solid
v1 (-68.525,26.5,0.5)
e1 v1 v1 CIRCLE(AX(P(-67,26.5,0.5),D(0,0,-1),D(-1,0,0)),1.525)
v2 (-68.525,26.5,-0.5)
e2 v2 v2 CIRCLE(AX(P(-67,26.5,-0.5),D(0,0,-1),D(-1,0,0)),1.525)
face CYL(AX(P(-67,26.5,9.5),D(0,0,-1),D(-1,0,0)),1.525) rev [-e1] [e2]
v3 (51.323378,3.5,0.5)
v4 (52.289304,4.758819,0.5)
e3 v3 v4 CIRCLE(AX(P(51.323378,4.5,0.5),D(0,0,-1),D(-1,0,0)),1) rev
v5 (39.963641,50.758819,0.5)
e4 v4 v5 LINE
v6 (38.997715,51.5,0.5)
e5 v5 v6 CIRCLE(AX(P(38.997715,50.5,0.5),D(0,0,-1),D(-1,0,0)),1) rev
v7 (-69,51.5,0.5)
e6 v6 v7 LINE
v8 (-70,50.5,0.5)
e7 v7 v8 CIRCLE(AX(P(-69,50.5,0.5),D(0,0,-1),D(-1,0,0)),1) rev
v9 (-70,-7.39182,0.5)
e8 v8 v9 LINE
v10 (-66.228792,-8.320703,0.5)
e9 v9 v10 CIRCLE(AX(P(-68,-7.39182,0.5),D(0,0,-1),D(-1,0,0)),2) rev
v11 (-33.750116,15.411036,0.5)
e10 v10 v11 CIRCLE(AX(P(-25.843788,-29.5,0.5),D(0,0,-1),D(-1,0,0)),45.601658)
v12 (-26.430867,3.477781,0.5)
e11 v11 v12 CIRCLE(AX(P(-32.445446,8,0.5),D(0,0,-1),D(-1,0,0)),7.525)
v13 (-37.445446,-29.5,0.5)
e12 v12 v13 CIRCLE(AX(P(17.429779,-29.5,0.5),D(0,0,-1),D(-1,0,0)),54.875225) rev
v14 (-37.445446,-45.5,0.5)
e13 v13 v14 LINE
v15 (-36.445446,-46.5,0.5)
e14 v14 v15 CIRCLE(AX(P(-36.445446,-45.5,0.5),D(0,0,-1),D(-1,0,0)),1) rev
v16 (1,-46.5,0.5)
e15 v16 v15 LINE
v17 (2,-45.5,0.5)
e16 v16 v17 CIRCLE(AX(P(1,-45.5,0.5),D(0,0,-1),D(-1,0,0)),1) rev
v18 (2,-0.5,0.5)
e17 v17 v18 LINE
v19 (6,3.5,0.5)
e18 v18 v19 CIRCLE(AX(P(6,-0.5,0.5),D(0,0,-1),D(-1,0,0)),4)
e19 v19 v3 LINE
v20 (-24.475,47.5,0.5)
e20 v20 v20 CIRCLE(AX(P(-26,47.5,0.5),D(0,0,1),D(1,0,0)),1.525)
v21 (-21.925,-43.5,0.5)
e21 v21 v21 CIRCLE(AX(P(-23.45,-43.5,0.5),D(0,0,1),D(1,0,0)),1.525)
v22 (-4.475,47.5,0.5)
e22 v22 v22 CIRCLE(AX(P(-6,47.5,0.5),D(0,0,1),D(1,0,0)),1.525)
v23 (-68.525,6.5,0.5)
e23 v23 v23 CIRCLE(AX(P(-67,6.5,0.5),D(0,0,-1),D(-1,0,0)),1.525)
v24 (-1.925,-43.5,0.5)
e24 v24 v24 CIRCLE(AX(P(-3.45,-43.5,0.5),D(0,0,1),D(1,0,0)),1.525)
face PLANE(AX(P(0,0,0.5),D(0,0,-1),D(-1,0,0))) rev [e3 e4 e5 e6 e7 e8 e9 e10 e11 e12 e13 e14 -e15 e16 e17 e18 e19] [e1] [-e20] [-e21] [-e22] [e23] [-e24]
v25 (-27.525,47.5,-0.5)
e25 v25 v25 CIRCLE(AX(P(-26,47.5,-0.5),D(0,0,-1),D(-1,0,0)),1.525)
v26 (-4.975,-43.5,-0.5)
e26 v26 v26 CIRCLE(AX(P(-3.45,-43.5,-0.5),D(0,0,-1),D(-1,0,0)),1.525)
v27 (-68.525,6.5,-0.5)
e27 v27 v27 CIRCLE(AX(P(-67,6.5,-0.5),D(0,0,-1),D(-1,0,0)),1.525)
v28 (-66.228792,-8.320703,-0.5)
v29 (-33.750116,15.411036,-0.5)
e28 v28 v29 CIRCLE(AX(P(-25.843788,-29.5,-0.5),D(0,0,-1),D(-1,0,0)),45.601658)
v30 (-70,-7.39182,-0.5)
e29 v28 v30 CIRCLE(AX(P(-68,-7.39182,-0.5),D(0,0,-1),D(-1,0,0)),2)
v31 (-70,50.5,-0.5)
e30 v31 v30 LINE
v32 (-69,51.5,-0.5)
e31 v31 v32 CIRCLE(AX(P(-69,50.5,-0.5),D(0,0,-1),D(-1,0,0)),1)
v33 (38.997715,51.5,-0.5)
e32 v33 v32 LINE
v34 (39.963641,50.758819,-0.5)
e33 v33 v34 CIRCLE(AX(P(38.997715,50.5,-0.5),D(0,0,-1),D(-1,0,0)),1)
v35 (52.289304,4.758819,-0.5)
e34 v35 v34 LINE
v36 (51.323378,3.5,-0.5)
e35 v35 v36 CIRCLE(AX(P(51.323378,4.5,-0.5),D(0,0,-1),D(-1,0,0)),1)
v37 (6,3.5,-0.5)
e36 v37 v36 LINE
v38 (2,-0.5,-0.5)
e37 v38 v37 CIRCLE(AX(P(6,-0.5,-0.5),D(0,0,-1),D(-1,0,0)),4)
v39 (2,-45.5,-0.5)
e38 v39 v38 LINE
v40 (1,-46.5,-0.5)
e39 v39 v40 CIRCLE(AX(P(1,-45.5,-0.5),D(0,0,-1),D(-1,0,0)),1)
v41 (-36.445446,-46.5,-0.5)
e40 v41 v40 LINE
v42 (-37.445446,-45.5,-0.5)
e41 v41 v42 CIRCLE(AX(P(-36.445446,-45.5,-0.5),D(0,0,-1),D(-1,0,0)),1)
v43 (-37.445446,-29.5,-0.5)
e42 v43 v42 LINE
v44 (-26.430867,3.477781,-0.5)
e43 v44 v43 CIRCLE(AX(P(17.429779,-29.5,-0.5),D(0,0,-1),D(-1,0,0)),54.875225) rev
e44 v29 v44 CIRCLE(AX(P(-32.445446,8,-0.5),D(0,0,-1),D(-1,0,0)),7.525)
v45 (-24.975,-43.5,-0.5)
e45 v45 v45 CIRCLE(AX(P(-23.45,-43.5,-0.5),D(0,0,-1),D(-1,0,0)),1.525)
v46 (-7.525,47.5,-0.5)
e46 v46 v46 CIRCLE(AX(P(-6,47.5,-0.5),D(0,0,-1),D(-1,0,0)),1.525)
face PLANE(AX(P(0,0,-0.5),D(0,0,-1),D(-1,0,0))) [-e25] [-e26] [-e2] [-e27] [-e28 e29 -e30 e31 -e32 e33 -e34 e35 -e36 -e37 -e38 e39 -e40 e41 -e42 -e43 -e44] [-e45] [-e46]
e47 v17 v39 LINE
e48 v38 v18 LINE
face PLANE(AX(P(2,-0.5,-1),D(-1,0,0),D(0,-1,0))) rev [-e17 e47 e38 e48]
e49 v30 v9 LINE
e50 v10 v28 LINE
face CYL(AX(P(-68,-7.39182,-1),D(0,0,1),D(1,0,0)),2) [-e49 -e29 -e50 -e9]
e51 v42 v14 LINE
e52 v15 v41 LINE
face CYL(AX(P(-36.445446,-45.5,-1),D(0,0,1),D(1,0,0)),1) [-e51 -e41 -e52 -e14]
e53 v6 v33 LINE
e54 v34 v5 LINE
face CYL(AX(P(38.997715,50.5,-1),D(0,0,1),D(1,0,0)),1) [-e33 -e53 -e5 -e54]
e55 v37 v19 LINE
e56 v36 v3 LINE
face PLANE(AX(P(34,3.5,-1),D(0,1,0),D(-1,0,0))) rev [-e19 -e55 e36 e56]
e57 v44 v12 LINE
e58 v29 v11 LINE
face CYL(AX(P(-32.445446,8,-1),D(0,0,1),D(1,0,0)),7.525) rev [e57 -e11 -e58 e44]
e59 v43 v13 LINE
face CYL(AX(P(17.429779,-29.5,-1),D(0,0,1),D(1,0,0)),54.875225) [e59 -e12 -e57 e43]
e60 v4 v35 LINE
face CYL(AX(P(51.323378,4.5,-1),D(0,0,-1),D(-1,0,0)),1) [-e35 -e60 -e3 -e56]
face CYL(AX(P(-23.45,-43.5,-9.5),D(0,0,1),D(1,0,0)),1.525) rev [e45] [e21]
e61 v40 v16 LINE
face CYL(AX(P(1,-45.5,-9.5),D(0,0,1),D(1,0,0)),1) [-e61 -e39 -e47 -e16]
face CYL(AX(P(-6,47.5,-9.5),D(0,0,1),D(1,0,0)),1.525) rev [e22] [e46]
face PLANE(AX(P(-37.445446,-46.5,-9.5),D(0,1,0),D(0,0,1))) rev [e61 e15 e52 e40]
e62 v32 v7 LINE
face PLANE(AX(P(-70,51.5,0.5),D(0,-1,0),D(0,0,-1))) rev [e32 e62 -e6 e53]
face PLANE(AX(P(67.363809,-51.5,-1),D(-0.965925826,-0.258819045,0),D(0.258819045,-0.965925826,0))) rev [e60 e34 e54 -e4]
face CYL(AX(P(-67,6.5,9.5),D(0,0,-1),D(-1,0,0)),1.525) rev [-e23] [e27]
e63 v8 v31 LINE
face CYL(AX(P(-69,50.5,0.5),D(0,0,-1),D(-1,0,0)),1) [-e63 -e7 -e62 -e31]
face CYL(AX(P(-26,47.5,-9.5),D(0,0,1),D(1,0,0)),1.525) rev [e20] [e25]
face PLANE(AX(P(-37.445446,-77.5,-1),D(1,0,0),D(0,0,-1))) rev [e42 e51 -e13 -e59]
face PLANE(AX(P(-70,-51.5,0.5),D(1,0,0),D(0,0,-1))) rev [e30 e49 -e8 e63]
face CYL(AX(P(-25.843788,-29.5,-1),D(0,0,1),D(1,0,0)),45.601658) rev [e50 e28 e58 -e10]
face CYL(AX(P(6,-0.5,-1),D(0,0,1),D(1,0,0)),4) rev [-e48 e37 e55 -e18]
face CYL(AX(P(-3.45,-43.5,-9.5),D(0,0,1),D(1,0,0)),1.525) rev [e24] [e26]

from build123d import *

# Parameters (mm, degrees)
SKETCH_1_W          = 140
SKETCH_1_H          = 103
EXTRUDE_1_DEPTH     = 0.5
CUT_EXTRUDE_1_DEPTH = 1.5
CUT_EXTRUDE_2_DEPTH = 1.5
SKETCH_4_W          = 33.363809018
SKETCH_4_H          = 55
CUT_EXTRUDE_3_DEPTH = 1
FILLET_1_R          = 2
SKETCH_6_R          = 1.525
CUT_EXTRUDE_5_DEPTH = 10
SKETCH_7_R          = 1.525
CUT_EXTRUDE_6_DEPTH = 10
SKETCH_8_R          = 1.525
SKETCH_8_W          = 39.445445888
SKETCH_8_H          = 5
CUT_EXTRUDE_7_DEPTH = 10
FILLET_2_R          = 1


with BuildPart() as part:
    # 草图1 → 凸台-拉伸1 (new, symmetric)
    with BuildSketch(Plane.XY):
        Rectangle(SKETCH_1_W, SKETCH_1_H)
    extrude(amount=EXTRUDE_1_DEPTH, both=True)

    # 草图2 → 切除-拉伸1 (cut, symmetric)
    with BuildSketch(Plane.XY.offset(0.5)):
        with BuildLine():
            Line((-71.445445888, -29.5), (-71.445445888, -77.5))
            ThreePointArc((-71.445445888, -77.5), (-69.980979794, -81.035533906), (-66.445445888, -82.5))
            Line((-66.445445888, -82.5), (-42.445445888, -82.5))
            ThreePointArc((-42.445445888, -82.5), (-38.909911982, -81.035533906), (-37.445445888, -77.5))
            Line((-37.445445888, -77.5), (-37.445445888, -29.5))
            ThreePointArc((-37.445445888, -29.5), (-34.619011221, -12.115704179), (-26.430867135, 3.477780697))
            ThreePointArc((-26.430867135, 3.477780697), (-26.030895398, 11.934357254), (-33.750115979, 15.411036429))
            ThreePointArc((-33.750115979, 15.411036429), (-60.772664783, -0.183029274), (-71.445445888, -29.5))
        make_face()
        with BuildLine():
            Line((6, -82.5), (34, -82.5))
            ThreePointArc((34, -82.5), (36.828427125, -81.328427125), (38, -78.5))
            Line((38, -78.5), (38, -0.5))
            ThreePointArc((38, -0.5), (36.828427125, 2.328427125), (34, 3.5))
            Line((34, 3.5), (6, 3.5))
            ThreePointArc((6, 3.5), (3.171572875, 2.328427125), (2, -0.5))
            Line((2, -0.5), (2, -78.5))
            ThreePointArc((2, -78.5), (3.171572875, -81.328427125), (6, -82.5))
        make_face()
    extrude(amount=CUT_EXTRUDE_1_DEPTH, both=True, mode=Mode.SUBTRACT)

    # 草图3 → 切除-拉伸2 (cut, symmetric)
    with BuildSketch(Plane.XY.offset(0.5)):
        Polygon((67.363809018, -51.5), (39.765042197, 51.5), (70, 51.5), (70, -51.5), align=None)
    extrude(amount=CUT_EXTRUDE_2_DEPTH, both=True, mode=Mode.SUBTRACT)

    # 草图4 → 切除-拉伸3 (cut, symmetric)
    with BuildSketch(Plane.XY.offset(0.5)):
        with Locations((50.681904509, -24)):
            Rectangle(SKETCH_4_W, SKETCH_4_H)
    extrude(amount=CUT_EXTRUDE_3_DEPTH, both=True, mode=Mode.SUBTRACT)

    # 圆角1
    fillet_1_edges = [part.edges().sort_by_distance(p)[0] for p in [
        (-70, -18.109646868, 0),
    ]]
    fillet(fillet_1_edges, radius=FILLET_1_R)

    # 草图6 → 切除-拉伸5 (cut)
    with BuildSketch(Plane.XY.offset(0.5)):
        with Locations((-26, 47.5)):
            Circle(SKETCH_6_R)
        with Locations((-6, 47.5)):
            Circle(SKETCH_6_R)
    extrude(amount=-CUT_EXTRUDE_5_DEPTH, mode=Mode.SUBTRACT)

    # 草图7 → 切除-拉伸6 (cut)
    with BuildSketch(Plane(origin=(0, 0, -0.5), x_dir=(-1, 0, 0), z_dir=(0, 0, -1))):
        with Locations((67, 6.5)):
            Circle(SKETCH_7_R)
        with Locations((67, 26.5)):
            Circle(SKETCH_7_R)
    extrude(amount=-CUT_EXTRUDE_6_DEPTH, mode=Mode.SUBTRACT)

    # 草图8 → 切除-拉伸7 (cut)
    with BuildSketch(Plane.XY.offset(0.5)):
        with Locations((-23.45, -43.5)):
            Circle(SKETCH_8_R)
        with Locations((-3.45, -43.5)):
            Circle(SKETCH_8_R)
        with Locations((-17.722722944, -49)):
            Rectangle(SKETCH_8_W, SKETCH_8_H)
    extrude(amount=-CUT_EXTRUDE_7_DEPTH, mode=Mode.SUBTRACT)

    # 圆角2
    fillet_2_edges = [part.edges().sort_by_distance(p)[0] for p in [
        (52.626603434, 3.5, 0),
        (-37.445445888, -46.5, 0),
        (2, -46.5, 0),
        (-70, 51.5, 0),
        (39.765042197, 51.5, 0),
    ]]
    fillet(fillet_2_edges, radius=FILLET_2_R)


solid = part.part
